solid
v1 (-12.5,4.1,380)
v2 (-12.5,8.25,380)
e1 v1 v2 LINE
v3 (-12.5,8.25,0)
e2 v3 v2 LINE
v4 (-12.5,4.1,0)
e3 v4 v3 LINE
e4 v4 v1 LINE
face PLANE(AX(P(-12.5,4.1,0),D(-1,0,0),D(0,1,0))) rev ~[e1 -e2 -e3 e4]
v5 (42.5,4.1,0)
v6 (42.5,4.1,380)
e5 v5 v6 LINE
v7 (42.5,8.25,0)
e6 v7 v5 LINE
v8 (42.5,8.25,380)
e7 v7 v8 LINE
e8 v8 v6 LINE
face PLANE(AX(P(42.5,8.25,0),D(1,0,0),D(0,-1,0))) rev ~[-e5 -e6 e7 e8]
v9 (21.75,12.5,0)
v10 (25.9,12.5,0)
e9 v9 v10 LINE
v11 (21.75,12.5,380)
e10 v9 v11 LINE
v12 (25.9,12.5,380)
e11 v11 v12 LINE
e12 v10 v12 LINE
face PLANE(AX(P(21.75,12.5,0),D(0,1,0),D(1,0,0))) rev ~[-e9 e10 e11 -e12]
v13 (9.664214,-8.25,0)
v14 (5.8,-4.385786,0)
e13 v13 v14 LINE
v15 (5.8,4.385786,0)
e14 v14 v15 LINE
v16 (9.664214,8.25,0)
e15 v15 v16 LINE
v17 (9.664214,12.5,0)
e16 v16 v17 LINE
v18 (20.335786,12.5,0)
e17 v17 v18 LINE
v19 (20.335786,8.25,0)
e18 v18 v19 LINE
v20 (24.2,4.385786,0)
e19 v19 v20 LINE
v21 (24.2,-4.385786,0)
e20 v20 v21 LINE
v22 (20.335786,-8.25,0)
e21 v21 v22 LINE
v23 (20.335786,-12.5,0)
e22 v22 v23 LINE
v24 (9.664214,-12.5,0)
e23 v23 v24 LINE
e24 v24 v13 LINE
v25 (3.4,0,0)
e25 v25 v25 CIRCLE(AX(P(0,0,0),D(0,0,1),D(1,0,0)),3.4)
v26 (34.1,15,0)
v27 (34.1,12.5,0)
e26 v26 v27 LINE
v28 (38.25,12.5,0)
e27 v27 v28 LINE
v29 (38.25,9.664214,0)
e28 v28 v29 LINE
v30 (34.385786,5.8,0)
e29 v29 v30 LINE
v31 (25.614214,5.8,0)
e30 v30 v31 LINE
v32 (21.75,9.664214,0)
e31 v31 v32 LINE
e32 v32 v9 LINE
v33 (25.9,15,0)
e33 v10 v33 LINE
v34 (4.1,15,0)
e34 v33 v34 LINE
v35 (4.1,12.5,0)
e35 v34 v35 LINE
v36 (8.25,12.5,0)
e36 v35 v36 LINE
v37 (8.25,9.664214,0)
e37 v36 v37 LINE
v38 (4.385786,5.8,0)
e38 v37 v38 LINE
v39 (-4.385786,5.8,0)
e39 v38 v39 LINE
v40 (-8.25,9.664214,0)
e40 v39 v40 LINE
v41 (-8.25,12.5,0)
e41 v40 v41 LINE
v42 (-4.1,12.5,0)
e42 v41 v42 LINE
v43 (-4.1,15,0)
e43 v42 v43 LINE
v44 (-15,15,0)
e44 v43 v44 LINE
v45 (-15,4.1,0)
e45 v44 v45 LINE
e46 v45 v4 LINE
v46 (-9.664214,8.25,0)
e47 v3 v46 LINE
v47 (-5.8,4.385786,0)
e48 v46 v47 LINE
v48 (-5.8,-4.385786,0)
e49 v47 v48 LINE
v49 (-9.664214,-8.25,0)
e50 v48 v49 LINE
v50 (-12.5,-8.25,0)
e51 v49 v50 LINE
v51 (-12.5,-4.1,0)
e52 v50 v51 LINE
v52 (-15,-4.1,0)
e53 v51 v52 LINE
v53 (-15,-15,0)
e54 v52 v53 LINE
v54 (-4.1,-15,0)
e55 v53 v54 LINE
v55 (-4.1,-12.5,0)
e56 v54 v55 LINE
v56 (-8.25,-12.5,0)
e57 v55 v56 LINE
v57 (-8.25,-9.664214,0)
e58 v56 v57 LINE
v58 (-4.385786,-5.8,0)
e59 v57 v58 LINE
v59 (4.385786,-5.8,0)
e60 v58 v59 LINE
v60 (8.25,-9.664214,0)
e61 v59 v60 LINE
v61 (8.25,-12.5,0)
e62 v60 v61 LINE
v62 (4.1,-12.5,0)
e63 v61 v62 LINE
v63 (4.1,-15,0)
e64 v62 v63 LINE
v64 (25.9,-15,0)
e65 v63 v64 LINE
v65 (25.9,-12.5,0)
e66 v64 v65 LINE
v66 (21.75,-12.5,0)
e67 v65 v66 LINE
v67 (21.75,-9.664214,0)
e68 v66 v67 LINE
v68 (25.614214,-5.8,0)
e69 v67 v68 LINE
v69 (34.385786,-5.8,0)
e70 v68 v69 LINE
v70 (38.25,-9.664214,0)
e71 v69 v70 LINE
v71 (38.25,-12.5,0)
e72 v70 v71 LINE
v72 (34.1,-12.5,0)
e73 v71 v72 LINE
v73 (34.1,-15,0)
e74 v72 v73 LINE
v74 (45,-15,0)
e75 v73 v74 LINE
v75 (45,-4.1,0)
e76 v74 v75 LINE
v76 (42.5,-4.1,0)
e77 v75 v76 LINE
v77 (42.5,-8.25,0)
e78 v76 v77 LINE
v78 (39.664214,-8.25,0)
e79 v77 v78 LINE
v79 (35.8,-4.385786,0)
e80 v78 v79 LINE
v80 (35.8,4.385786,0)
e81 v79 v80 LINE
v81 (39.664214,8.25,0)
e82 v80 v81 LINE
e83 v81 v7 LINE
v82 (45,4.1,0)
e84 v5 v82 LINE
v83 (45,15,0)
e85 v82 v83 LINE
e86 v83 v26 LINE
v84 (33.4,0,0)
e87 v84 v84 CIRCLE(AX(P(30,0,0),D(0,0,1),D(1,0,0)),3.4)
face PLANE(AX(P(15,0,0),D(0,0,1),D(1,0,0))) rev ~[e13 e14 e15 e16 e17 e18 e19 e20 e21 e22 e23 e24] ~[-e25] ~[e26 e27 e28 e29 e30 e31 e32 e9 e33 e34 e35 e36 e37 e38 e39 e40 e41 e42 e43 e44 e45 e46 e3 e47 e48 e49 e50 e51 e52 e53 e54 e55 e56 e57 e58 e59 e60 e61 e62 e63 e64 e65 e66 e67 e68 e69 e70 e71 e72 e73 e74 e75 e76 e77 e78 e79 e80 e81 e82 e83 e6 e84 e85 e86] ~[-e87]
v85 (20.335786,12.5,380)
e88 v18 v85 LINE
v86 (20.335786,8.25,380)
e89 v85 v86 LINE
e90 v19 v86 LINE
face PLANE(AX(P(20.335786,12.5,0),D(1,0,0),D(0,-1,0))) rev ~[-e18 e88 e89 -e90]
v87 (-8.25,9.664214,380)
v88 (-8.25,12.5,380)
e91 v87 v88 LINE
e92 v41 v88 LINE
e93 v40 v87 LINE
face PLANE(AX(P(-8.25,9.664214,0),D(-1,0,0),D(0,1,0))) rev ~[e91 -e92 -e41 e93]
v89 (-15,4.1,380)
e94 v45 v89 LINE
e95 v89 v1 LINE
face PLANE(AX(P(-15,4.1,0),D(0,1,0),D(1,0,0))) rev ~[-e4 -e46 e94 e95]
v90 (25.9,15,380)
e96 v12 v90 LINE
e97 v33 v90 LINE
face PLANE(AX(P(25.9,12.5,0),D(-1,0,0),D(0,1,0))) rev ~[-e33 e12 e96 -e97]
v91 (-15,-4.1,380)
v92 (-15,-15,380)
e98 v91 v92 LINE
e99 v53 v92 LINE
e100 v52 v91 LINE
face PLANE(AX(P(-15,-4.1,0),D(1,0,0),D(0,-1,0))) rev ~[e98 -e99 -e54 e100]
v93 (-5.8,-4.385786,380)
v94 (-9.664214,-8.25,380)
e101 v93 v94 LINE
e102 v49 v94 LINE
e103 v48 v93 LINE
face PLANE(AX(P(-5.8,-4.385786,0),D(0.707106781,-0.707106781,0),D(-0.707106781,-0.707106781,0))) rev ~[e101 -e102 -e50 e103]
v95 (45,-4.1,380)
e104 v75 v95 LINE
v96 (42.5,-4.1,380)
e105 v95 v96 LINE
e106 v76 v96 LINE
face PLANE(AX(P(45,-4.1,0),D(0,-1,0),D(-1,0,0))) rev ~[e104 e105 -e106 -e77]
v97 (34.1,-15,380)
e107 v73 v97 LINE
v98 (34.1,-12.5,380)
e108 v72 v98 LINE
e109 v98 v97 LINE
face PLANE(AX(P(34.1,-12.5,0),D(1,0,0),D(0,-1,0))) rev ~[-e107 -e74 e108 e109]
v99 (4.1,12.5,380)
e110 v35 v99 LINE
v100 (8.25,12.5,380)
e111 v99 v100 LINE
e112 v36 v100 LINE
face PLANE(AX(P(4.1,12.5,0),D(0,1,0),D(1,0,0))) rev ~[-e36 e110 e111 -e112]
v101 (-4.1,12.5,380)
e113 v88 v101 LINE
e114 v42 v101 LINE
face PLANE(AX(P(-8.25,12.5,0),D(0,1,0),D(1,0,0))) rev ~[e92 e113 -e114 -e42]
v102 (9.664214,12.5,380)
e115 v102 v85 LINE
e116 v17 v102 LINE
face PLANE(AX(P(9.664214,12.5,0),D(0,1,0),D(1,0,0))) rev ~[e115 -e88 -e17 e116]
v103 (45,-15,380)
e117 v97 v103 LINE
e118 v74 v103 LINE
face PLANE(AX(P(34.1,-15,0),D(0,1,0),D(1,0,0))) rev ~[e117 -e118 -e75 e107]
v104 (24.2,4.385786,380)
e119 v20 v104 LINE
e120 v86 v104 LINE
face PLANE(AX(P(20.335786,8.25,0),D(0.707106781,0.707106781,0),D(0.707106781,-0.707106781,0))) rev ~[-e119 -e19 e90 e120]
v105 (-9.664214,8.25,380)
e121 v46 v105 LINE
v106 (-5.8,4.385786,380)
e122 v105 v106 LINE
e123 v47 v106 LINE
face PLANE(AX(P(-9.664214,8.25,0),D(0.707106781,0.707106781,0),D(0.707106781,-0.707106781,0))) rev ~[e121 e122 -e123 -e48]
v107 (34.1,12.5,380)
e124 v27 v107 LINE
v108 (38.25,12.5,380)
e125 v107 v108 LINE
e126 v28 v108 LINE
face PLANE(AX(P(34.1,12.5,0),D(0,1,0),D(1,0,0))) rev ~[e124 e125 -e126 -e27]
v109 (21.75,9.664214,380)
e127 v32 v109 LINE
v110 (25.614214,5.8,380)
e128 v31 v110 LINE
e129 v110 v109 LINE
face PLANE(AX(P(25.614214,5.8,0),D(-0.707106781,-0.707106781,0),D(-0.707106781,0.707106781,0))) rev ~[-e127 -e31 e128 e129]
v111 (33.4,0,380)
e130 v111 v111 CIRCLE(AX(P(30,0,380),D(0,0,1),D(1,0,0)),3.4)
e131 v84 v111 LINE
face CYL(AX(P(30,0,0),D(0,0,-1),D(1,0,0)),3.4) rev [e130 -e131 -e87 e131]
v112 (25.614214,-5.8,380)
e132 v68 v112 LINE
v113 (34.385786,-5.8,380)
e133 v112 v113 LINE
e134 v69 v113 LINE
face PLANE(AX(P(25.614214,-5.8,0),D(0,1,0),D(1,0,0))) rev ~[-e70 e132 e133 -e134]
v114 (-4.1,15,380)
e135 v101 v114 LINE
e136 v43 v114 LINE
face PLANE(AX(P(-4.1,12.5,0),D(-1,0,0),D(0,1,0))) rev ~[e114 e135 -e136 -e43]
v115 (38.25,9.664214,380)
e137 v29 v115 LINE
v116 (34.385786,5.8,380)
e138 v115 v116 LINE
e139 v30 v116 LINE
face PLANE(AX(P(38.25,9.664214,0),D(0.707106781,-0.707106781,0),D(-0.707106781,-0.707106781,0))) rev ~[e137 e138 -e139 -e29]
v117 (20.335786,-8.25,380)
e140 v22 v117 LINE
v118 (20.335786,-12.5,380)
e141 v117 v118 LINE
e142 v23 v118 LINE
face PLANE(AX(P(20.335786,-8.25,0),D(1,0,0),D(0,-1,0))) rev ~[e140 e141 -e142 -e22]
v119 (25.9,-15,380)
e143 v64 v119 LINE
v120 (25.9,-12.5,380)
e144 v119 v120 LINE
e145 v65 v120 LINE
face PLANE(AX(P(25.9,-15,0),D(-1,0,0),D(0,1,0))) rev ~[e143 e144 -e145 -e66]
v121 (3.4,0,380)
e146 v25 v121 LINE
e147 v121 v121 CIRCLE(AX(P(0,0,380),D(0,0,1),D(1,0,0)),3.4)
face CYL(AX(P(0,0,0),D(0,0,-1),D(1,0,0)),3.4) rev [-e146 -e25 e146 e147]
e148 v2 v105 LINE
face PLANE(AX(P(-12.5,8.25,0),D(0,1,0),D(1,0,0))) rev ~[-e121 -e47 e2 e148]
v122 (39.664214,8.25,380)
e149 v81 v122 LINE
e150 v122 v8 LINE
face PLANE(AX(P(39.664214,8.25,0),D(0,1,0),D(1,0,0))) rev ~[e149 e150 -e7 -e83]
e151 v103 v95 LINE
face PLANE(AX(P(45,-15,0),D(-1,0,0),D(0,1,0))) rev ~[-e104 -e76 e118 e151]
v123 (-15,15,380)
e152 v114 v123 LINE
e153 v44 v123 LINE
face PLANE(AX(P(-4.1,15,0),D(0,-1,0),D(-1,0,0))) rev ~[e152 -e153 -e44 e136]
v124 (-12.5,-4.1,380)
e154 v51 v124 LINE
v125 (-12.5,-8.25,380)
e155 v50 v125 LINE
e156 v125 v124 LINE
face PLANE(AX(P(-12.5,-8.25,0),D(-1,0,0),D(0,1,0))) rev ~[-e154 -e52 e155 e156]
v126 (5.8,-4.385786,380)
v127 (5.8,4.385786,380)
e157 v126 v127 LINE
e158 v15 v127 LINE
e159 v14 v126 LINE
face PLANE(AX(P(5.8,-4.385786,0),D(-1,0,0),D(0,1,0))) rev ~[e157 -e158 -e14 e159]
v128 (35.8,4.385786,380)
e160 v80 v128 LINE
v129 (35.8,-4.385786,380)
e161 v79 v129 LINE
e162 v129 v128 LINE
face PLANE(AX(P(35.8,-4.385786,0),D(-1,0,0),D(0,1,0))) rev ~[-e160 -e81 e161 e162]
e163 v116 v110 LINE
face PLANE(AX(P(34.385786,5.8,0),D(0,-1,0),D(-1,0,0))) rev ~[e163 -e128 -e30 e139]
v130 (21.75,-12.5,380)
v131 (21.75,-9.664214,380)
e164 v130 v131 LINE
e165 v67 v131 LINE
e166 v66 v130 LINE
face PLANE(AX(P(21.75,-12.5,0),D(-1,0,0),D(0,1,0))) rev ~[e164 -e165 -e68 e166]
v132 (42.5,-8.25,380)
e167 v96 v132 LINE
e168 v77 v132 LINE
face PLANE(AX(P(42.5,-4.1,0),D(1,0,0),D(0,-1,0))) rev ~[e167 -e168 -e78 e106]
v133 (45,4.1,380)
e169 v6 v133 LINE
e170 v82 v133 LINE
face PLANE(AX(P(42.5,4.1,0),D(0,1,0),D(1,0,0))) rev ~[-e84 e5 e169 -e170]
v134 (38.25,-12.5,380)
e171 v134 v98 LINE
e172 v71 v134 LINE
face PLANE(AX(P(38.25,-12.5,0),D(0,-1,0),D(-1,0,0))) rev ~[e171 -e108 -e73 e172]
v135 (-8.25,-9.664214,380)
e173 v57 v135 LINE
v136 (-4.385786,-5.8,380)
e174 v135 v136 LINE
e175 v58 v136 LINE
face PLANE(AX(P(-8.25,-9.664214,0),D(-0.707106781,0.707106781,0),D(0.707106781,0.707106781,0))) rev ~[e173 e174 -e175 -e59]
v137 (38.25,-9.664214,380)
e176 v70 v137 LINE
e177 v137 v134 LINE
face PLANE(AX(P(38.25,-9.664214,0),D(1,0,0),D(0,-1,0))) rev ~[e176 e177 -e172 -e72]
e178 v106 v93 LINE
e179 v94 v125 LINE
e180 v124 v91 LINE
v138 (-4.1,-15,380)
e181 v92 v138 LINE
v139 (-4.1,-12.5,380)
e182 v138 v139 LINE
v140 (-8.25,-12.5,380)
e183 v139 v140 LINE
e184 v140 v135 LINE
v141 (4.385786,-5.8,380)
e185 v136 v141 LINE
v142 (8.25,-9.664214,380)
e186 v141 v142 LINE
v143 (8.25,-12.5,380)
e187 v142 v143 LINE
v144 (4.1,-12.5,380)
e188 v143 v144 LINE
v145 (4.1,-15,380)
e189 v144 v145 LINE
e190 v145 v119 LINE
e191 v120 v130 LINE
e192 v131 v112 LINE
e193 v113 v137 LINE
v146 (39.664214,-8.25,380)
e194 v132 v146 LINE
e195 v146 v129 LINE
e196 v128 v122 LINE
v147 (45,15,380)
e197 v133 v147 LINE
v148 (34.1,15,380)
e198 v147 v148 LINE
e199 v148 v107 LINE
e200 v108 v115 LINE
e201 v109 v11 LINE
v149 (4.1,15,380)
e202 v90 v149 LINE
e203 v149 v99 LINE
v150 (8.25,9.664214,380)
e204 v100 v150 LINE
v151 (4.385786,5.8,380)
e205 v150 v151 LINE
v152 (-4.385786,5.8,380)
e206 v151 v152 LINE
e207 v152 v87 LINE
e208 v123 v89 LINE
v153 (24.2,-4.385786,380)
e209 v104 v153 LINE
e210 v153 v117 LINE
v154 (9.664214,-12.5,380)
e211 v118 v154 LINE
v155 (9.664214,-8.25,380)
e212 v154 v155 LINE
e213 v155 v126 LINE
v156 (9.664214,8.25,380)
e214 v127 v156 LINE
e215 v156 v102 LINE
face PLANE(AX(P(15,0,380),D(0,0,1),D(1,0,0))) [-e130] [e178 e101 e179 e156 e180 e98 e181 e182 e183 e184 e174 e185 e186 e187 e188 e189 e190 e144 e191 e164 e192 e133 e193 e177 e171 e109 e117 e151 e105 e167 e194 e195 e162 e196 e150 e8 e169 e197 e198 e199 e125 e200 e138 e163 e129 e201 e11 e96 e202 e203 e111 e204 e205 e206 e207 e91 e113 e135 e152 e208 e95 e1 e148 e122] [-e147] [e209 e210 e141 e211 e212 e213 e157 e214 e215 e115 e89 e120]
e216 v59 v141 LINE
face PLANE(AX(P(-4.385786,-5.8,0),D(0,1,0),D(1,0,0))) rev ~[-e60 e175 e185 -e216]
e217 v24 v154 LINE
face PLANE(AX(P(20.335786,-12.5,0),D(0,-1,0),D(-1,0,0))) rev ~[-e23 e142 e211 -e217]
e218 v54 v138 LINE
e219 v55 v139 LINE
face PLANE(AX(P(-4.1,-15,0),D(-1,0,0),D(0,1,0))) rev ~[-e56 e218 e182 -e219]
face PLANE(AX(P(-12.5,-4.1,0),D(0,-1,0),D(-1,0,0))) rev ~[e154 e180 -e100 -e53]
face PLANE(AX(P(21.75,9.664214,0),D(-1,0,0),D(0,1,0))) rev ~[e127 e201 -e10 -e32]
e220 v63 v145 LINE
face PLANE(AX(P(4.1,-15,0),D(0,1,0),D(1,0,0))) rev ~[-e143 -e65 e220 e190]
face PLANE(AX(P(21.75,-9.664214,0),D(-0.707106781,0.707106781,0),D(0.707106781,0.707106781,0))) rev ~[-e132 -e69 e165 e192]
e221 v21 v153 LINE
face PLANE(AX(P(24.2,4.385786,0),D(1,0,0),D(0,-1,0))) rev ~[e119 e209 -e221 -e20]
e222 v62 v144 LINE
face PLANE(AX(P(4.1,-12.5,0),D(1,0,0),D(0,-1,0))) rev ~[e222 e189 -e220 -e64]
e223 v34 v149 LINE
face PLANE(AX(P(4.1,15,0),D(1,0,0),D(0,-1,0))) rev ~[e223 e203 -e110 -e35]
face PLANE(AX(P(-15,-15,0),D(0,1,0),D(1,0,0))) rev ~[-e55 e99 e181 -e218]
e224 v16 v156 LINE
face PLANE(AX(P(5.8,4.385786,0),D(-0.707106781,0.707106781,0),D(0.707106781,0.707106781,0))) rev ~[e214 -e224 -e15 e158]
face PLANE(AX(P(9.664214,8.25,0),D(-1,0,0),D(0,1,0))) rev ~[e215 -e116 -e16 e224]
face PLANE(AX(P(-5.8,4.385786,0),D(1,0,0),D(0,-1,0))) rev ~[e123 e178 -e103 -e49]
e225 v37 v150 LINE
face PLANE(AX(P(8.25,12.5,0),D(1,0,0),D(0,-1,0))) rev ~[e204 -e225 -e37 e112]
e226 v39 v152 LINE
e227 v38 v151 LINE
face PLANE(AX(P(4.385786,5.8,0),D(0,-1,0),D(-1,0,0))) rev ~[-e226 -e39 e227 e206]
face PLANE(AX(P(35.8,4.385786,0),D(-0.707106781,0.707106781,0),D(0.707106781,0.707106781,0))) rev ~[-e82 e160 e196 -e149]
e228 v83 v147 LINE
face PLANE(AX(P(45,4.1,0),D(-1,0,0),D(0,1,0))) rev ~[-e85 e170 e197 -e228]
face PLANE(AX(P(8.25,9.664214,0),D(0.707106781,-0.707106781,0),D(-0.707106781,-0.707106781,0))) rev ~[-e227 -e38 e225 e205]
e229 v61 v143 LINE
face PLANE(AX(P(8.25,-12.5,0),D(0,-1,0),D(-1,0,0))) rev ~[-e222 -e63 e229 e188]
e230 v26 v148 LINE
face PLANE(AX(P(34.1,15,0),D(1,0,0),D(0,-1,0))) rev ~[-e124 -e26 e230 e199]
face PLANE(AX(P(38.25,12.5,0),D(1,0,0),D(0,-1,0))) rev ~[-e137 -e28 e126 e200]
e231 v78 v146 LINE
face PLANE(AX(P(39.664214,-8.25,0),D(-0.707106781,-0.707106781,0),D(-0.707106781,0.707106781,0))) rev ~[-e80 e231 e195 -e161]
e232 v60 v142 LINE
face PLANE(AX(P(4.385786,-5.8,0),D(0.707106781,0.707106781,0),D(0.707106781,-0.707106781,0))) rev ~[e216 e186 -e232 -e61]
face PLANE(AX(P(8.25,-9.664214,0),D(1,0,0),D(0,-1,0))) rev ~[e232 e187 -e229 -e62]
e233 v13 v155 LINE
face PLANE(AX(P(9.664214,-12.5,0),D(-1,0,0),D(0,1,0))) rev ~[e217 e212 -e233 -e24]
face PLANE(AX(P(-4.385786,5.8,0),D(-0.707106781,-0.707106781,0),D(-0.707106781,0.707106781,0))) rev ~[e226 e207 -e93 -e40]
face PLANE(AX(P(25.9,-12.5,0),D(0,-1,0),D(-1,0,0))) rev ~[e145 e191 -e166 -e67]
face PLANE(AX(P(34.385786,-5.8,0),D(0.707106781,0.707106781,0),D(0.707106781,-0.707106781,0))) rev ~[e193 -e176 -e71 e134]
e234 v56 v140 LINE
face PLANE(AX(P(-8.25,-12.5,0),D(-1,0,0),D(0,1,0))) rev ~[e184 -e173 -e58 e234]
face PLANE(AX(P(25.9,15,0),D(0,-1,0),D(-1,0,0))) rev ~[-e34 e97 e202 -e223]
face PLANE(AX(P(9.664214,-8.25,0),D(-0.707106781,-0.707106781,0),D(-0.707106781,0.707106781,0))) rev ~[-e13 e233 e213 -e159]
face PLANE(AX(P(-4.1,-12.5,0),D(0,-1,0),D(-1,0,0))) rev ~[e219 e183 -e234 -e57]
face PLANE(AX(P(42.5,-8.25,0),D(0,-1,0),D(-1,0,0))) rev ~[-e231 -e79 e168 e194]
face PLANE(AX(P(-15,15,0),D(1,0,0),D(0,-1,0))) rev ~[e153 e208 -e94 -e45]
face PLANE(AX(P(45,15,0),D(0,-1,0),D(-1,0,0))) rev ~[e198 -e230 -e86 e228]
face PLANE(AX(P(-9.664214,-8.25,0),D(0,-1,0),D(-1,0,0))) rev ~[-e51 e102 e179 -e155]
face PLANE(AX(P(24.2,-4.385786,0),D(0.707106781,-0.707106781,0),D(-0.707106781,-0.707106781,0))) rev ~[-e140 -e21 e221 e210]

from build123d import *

# Parameters (mm, degrees)
SKETCH_1_R      = 3.4
EXTRUDE_1_DEPTH = 380


with BuildPart() as part:
    # 草图1 → 凸台-拉伸1 (new body)
    with BuildSketch(Plane.XY):
        Polygon((-4.1, 12.5), (-4.1, 15), (-8.25, 15), (-15, 15), (-15, 8.25), (-15, 4.1), (-12.5, 4.1), (-12.5, 8.25), (-9.664213562, 8.25), (-5.8, 4.385786438), (-5.8, -4.385786438), (-9.664213562, -8.25), (-12.5, -8.25), (-12.5, -4.1), (-15, -4.1), (-15, -8.25), (-15, -15), (-8.25, -15), (-4.1, -15), (-4.1, -12.5), (-8.25, -12.5), (-8.25, -9.664213562), (-4.385786438, -5.8), (4.385786438, -5.8), (8.25, -9.664213562), (8.25, -12.5), (4.1, -12.5), (4.1, -15), (8.25, -15), (15, -15), (21.75, -15), (25.9, -15), (25.9, -12.5), (21.75, -12.5), (21.75, -9.664213562), (25.614213562, -5.8), (34.385786438, -5.8), (38.25, -9.664213562), (38.25, -12.5), (34.1, -12.5), (34.1, -15), (38.25, -15), (45, -15), (45, -8.25), (45, -4.1), (42.5, -4.1), (42.5, -8.25), (39.664213562, -8.25), (35.8, -4.385786438), (35.8, 4.385786438), (39.664213562, 8.25), (42.5, 8.25), (42.5, 4.1), (45, 4.1), (45, 8.25), (45, 15), (38.25, 15), (34.1, 15), (34.1, 12.5), (38.25, 12.5), (38.25, 9.664213562), (34.385786438, 5.8), (25.614213562, 5.8), (21.75, 9.664213562), (21.75, 12.5), (25.9, 12.5), (25.9, 15), (21.75, 15), (15, 15), (8.25, 15), (4.1, 15), (4.1, 12.5), (8.25, 12.5), (8.25, 9.664213562), (4.385786438, 5.8), (-4.385786438, 5.8), (-8.25, 9.664213562), (-8.25, 12.5), align=None)
        Circle(SKETCH_1_R, mode=Mode.SUBTRACT)
        Polygon((9.664213562, -8.25), (5.8, -4.385786438), (5.8, 4.385786438), (9.664213562, 8.25), (9.664213562, 12.5), (20.335786438, 12.5), (20.335786438, 8.25), (24.2, 4.385786438), (24.2, -4.385786438), (20.335786438, -8.25), (20.335786438, -12.5), (9.664213562, -12.5), align=None, mode=Mode.SUBTRACT)
        with Locations((30, 0)):
            Circle(SKETCH_1_R, mode=Mode.SUBTRACT)
    extrude(amount=EXTRUDE_1_DEPTH)


solid = part.part
